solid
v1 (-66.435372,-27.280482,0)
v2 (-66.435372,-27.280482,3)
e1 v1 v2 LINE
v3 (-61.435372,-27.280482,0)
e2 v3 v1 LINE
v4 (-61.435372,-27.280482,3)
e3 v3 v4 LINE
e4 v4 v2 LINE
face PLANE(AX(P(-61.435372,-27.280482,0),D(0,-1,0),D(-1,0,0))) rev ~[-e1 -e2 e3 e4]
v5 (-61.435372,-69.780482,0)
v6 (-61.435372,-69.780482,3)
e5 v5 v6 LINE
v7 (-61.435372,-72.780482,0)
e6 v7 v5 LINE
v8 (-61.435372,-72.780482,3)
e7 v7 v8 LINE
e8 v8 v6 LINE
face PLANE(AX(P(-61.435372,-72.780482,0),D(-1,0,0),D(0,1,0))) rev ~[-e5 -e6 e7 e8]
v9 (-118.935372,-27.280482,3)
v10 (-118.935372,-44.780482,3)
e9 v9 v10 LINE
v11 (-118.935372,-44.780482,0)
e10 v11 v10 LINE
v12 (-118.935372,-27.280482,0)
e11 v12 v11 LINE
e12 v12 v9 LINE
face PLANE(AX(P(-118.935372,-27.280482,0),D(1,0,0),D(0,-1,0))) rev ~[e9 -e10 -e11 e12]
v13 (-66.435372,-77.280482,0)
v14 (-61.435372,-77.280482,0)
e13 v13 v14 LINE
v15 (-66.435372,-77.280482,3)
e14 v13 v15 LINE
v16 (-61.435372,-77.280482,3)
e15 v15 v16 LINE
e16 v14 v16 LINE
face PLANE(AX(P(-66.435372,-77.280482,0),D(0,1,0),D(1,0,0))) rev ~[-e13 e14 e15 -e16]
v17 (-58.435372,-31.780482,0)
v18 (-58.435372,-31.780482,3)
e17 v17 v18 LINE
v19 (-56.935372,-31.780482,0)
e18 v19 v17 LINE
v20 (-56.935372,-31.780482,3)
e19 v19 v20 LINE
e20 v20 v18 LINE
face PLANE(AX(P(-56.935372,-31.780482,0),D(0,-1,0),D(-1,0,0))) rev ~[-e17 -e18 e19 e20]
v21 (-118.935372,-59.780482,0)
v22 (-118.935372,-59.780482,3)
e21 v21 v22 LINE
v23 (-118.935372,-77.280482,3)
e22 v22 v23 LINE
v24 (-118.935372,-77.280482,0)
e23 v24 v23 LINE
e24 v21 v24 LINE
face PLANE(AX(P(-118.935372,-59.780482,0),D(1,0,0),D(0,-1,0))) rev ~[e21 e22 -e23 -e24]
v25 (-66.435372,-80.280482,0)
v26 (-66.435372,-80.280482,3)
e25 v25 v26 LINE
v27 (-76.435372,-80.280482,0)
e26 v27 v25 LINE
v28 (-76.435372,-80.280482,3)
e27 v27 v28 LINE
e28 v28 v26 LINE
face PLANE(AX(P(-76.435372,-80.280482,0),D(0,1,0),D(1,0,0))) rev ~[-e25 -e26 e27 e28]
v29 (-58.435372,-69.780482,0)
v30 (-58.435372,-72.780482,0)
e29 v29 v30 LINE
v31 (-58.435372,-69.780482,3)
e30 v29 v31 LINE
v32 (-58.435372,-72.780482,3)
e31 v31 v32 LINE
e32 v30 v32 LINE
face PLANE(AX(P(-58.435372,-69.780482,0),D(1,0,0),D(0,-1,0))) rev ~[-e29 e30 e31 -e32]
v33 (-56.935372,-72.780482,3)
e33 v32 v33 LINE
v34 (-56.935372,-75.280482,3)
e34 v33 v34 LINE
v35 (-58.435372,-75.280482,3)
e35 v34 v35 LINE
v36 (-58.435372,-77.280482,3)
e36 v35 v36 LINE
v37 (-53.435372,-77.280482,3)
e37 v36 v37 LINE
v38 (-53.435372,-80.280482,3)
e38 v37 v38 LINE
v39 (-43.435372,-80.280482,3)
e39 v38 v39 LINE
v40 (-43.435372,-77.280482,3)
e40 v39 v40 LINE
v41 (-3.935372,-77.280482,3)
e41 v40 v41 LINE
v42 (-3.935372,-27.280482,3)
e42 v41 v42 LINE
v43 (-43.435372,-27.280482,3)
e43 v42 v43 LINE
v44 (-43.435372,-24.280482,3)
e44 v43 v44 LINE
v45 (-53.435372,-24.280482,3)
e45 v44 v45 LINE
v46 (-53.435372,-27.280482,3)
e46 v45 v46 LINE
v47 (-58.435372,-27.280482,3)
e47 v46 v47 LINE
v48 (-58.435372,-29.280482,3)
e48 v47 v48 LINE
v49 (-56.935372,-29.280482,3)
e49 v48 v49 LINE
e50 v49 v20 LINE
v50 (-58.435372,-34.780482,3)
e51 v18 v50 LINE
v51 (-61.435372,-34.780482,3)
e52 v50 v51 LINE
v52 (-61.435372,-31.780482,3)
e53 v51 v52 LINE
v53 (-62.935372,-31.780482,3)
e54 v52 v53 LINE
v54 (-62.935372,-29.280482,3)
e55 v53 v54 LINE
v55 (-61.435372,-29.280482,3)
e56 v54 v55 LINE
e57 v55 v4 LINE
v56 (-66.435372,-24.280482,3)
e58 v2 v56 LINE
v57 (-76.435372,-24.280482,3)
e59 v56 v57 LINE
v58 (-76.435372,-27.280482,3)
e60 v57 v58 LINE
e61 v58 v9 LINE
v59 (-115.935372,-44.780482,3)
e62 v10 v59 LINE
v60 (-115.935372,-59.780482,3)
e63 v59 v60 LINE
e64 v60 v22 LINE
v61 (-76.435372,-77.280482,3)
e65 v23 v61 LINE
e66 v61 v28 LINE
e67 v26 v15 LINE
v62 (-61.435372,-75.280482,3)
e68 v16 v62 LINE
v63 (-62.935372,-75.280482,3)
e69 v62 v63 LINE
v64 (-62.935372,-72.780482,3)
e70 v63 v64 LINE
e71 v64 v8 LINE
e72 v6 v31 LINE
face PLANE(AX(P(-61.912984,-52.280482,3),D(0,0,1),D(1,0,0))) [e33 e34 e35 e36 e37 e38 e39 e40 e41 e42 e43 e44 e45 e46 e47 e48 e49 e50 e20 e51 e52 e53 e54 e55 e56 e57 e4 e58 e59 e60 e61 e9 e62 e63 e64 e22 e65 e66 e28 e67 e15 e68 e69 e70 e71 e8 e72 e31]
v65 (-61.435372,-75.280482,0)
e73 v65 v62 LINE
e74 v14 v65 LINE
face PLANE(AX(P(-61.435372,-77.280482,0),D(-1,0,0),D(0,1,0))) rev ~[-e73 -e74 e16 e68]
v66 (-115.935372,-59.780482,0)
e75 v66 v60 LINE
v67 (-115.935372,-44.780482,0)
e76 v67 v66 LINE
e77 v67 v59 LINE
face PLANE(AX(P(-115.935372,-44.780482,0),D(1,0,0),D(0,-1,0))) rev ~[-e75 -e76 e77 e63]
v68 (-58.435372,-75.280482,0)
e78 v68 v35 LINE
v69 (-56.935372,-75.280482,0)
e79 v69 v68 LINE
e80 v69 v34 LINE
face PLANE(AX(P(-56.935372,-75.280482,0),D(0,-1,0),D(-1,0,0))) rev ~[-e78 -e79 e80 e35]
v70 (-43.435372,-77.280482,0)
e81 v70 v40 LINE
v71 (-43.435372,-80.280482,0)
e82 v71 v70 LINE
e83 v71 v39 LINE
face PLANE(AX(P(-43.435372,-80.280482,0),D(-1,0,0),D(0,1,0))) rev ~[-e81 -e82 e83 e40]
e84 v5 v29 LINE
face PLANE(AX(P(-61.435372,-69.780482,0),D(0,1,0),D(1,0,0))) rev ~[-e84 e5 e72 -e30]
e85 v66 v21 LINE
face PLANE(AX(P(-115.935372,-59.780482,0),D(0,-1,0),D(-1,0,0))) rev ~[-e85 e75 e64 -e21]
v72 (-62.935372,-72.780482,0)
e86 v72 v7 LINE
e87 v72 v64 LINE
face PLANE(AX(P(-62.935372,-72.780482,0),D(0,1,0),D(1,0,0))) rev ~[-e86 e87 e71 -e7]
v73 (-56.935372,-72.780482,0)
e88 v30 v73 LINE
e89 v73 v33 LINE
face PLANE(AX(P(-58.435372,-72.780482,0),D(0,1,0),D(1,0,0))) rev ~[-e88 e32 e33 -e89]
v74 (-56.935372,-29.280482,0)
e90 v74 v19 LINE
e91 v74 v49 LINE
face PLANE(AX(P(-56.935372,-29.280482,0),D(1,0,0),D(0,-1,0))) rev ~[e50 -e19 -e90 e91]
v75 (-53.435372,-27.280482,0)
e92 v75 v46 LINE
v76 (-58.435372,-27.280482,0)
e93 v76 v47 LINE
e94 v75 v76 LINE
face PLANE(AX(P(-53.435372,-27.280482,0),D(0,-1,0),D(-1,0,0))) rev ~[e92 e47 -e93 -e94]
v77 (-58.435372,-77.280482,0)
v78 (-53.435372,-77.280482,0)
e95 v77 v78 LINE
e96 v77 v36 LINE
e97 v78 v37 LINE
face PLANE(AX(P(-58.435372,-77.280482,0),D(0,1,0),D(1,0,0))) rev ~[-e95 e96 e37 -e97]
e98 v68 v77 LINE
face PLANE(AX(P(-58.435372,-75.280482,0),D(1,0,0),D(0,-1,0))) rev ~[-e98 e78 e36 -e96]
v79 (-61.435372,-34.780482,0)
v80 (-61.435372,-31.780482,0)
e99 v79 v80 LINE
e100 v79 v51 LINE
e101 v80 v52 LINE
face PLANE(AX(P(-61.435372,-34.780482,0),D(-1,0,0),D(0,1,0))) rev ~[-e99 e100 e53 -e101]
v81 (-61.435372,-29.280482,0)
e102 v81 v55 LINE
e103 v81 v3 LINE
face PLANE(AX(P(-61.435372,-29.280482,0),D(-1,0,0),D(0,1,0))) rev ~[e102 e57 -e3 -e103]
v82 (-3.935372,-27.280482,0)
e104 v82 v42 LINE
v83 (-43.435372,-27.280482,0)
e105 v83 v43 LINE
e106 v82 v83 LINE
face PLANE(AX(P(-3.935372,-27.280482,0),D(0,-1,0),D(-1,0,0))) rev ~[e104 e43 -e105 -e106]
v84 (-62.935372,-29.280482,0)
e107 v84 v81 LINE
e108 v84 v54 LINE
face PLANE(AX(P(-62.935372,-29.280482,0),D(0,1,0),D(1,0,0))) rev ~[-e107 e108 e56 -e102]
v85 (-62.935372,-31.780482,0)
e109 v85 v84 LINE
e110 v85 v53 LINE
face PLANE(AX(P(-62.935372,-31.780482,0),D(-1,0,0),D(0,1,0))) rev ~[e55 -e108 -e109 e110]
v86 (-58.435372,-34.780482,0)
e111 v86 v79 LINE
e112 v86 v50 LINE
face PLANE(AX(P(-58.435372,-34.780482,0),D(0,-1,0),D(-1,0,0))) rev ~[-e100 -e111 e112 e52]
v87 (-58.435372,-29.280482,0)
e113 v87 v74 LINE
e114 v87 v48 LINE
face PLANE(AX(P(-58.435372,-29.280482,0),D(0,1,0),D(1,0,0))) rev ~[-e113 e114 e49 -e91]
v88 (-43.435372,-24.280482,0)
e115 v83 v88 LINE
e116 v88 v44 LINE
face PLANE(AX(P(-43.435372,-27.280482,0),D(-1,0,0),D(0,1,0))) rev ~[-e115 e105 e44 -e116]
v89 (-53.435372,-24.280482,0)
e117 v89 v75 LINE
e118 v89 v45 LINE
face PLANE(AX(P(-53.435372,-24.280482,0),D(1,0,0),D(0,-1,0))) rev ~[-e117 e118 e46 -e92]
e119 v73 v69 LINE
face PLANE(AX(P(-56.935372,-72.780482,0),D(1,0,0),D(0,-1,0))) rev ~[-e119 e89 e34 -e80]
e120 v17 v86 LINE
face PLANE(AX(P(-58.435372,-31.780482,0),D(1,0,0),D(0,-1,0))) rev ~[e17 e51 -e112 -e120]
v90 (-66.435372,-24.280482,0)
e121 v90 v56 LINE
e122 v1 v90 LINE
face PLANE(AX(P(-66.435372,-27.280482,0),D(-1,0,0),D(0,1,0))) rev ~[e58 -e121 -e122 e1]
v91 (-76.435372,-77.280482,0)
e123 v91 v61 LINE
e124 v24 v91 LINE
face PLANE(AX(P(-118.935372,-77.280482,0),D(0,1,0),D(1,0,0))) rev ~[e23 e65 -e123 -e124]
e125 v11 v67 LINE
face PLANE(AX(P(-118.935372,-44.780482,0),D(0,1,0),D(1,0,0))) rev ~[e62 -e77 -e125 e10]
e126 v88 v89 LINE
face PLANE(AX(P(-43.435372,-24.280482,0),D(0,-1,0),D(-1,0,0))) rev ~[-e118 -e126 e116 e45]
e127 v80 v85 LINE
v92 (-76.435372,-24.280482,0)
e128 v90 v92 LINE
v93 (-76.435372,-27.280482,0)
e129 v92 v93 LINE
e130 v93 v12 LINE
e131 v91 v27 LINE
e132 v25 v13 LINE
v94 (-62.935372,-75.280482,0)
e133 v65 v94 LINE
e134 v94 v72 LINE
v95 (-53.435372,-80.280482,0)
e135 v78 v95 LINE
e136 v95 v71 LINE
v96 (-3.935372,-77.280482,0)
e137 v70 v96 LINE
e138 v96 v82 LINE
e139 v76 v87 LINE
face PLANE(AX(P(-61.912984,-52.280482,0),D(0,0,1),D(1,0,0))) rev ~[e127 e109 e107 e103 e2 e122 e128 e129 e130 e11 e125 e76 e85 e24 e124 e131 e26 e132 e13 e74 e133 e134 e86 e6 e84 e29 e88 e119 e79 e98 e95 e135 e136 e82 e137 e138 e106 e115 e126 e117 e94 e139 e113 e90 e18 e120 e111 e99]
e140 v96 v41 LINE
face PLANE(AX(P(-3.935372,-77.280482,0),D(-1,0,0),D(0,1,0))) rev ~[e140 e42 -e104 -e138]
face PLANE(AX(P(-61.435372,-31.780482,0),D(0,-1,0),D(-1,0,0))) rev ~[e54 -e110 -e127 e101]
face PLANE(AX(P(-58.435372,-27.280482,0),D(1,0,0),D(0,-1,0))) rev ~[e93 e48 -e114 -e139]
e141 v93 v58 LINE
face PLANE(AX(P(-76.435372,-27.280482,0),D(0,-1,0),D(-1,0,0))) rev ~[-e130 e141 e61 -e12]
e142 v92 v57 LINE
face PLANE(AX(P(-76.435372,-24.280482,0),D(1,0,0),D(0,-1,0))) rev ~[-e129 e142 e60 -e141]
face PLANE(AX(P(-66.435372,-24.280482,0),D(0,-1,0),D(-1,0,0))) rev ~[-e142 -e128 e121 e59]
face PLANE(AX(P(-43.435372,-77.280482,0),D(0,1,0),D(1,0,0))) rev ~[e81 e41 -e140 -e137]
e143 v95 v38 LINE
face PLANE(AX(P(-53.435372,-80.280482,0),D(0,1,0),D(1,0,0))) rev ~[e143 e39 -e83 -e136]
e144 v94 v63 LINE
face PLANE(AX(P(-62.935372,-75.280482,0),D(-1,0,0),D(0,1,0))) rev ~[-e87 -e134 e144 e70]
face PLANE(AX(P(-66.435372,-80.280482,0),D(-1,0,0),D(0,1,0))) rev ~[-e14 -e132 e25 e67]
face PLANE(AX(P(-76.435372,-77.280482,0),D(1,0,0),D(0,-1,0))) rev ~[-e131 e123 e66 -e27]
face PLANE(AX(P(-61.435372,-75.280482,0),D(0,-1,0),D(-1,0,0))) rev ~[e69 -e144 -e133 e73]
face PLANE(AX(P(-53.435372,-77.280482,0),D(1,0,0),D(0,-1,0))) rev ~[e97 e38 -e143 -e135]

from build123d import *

# Parameters (mm, degrees)
F1_DEPTH = 3


with BuildPart() as f1:
    # F0 (on Top) → F1 (new body)
    with BuildSketch(Plane.XY):
        Polygon((-76.435372, -27.280482), (-118.935372, -27.280482), (-118.935372, -44.780482), (-115.935372, -44.780482), (-115.935372, -59.780482), (-118.935372, -59.780482), (-118.935372, -77.280482), (-76.435372, -77.280482), (-76.435372, -80.280482), (-66.435372, -80.280482), (-66.435372, -77.280482), (-61.435372, -77.280482), (-61.435372, -75.280482), (-62.935372, -75.280482), (-62.935372, -72.780482), (-61.435372, -72.780482), (-61.435372, -69.780482), (-58.435372, -69.780482), (-58.435372, -72.780482), (-56.935372, -72.780482), (-56.935372, -75.280482), (-58.435372, -75.280482), (-58.435372, -77.280482), (-53.435372, -77.280482), (-53.435372, -80.280482), (-43.435372, -80.280482), (-43.435372, -77.280482), (-3.935372, -77.280482), (-3.935372, -27.280482), (-43.435372, -27.280482), (-43.435372, -24.280482), (-53.435372, -24.280482), (-53.435372, -27.280482), (-58.435372, -27.280482), (-58.435372, -29.280482), (-56.935372, -29.280482), (-56.935372, -31.780482), (-58.435372, -31.780482), (-58.435372, -34.780482), (-61.435372, -34.780482), (-61.435372, -31.780482), (-62.935372, -31.780482), (-62.935372, -29.280482), (-61.435372, -29.280482), (-61.435372, -27.280482), (-66.435372, -27.280482), (-66.435372, -24.280482), (-76.435372, -24.280482), align=None)
    extrude(amount=F1_DEPTH)


solid = f1.part
